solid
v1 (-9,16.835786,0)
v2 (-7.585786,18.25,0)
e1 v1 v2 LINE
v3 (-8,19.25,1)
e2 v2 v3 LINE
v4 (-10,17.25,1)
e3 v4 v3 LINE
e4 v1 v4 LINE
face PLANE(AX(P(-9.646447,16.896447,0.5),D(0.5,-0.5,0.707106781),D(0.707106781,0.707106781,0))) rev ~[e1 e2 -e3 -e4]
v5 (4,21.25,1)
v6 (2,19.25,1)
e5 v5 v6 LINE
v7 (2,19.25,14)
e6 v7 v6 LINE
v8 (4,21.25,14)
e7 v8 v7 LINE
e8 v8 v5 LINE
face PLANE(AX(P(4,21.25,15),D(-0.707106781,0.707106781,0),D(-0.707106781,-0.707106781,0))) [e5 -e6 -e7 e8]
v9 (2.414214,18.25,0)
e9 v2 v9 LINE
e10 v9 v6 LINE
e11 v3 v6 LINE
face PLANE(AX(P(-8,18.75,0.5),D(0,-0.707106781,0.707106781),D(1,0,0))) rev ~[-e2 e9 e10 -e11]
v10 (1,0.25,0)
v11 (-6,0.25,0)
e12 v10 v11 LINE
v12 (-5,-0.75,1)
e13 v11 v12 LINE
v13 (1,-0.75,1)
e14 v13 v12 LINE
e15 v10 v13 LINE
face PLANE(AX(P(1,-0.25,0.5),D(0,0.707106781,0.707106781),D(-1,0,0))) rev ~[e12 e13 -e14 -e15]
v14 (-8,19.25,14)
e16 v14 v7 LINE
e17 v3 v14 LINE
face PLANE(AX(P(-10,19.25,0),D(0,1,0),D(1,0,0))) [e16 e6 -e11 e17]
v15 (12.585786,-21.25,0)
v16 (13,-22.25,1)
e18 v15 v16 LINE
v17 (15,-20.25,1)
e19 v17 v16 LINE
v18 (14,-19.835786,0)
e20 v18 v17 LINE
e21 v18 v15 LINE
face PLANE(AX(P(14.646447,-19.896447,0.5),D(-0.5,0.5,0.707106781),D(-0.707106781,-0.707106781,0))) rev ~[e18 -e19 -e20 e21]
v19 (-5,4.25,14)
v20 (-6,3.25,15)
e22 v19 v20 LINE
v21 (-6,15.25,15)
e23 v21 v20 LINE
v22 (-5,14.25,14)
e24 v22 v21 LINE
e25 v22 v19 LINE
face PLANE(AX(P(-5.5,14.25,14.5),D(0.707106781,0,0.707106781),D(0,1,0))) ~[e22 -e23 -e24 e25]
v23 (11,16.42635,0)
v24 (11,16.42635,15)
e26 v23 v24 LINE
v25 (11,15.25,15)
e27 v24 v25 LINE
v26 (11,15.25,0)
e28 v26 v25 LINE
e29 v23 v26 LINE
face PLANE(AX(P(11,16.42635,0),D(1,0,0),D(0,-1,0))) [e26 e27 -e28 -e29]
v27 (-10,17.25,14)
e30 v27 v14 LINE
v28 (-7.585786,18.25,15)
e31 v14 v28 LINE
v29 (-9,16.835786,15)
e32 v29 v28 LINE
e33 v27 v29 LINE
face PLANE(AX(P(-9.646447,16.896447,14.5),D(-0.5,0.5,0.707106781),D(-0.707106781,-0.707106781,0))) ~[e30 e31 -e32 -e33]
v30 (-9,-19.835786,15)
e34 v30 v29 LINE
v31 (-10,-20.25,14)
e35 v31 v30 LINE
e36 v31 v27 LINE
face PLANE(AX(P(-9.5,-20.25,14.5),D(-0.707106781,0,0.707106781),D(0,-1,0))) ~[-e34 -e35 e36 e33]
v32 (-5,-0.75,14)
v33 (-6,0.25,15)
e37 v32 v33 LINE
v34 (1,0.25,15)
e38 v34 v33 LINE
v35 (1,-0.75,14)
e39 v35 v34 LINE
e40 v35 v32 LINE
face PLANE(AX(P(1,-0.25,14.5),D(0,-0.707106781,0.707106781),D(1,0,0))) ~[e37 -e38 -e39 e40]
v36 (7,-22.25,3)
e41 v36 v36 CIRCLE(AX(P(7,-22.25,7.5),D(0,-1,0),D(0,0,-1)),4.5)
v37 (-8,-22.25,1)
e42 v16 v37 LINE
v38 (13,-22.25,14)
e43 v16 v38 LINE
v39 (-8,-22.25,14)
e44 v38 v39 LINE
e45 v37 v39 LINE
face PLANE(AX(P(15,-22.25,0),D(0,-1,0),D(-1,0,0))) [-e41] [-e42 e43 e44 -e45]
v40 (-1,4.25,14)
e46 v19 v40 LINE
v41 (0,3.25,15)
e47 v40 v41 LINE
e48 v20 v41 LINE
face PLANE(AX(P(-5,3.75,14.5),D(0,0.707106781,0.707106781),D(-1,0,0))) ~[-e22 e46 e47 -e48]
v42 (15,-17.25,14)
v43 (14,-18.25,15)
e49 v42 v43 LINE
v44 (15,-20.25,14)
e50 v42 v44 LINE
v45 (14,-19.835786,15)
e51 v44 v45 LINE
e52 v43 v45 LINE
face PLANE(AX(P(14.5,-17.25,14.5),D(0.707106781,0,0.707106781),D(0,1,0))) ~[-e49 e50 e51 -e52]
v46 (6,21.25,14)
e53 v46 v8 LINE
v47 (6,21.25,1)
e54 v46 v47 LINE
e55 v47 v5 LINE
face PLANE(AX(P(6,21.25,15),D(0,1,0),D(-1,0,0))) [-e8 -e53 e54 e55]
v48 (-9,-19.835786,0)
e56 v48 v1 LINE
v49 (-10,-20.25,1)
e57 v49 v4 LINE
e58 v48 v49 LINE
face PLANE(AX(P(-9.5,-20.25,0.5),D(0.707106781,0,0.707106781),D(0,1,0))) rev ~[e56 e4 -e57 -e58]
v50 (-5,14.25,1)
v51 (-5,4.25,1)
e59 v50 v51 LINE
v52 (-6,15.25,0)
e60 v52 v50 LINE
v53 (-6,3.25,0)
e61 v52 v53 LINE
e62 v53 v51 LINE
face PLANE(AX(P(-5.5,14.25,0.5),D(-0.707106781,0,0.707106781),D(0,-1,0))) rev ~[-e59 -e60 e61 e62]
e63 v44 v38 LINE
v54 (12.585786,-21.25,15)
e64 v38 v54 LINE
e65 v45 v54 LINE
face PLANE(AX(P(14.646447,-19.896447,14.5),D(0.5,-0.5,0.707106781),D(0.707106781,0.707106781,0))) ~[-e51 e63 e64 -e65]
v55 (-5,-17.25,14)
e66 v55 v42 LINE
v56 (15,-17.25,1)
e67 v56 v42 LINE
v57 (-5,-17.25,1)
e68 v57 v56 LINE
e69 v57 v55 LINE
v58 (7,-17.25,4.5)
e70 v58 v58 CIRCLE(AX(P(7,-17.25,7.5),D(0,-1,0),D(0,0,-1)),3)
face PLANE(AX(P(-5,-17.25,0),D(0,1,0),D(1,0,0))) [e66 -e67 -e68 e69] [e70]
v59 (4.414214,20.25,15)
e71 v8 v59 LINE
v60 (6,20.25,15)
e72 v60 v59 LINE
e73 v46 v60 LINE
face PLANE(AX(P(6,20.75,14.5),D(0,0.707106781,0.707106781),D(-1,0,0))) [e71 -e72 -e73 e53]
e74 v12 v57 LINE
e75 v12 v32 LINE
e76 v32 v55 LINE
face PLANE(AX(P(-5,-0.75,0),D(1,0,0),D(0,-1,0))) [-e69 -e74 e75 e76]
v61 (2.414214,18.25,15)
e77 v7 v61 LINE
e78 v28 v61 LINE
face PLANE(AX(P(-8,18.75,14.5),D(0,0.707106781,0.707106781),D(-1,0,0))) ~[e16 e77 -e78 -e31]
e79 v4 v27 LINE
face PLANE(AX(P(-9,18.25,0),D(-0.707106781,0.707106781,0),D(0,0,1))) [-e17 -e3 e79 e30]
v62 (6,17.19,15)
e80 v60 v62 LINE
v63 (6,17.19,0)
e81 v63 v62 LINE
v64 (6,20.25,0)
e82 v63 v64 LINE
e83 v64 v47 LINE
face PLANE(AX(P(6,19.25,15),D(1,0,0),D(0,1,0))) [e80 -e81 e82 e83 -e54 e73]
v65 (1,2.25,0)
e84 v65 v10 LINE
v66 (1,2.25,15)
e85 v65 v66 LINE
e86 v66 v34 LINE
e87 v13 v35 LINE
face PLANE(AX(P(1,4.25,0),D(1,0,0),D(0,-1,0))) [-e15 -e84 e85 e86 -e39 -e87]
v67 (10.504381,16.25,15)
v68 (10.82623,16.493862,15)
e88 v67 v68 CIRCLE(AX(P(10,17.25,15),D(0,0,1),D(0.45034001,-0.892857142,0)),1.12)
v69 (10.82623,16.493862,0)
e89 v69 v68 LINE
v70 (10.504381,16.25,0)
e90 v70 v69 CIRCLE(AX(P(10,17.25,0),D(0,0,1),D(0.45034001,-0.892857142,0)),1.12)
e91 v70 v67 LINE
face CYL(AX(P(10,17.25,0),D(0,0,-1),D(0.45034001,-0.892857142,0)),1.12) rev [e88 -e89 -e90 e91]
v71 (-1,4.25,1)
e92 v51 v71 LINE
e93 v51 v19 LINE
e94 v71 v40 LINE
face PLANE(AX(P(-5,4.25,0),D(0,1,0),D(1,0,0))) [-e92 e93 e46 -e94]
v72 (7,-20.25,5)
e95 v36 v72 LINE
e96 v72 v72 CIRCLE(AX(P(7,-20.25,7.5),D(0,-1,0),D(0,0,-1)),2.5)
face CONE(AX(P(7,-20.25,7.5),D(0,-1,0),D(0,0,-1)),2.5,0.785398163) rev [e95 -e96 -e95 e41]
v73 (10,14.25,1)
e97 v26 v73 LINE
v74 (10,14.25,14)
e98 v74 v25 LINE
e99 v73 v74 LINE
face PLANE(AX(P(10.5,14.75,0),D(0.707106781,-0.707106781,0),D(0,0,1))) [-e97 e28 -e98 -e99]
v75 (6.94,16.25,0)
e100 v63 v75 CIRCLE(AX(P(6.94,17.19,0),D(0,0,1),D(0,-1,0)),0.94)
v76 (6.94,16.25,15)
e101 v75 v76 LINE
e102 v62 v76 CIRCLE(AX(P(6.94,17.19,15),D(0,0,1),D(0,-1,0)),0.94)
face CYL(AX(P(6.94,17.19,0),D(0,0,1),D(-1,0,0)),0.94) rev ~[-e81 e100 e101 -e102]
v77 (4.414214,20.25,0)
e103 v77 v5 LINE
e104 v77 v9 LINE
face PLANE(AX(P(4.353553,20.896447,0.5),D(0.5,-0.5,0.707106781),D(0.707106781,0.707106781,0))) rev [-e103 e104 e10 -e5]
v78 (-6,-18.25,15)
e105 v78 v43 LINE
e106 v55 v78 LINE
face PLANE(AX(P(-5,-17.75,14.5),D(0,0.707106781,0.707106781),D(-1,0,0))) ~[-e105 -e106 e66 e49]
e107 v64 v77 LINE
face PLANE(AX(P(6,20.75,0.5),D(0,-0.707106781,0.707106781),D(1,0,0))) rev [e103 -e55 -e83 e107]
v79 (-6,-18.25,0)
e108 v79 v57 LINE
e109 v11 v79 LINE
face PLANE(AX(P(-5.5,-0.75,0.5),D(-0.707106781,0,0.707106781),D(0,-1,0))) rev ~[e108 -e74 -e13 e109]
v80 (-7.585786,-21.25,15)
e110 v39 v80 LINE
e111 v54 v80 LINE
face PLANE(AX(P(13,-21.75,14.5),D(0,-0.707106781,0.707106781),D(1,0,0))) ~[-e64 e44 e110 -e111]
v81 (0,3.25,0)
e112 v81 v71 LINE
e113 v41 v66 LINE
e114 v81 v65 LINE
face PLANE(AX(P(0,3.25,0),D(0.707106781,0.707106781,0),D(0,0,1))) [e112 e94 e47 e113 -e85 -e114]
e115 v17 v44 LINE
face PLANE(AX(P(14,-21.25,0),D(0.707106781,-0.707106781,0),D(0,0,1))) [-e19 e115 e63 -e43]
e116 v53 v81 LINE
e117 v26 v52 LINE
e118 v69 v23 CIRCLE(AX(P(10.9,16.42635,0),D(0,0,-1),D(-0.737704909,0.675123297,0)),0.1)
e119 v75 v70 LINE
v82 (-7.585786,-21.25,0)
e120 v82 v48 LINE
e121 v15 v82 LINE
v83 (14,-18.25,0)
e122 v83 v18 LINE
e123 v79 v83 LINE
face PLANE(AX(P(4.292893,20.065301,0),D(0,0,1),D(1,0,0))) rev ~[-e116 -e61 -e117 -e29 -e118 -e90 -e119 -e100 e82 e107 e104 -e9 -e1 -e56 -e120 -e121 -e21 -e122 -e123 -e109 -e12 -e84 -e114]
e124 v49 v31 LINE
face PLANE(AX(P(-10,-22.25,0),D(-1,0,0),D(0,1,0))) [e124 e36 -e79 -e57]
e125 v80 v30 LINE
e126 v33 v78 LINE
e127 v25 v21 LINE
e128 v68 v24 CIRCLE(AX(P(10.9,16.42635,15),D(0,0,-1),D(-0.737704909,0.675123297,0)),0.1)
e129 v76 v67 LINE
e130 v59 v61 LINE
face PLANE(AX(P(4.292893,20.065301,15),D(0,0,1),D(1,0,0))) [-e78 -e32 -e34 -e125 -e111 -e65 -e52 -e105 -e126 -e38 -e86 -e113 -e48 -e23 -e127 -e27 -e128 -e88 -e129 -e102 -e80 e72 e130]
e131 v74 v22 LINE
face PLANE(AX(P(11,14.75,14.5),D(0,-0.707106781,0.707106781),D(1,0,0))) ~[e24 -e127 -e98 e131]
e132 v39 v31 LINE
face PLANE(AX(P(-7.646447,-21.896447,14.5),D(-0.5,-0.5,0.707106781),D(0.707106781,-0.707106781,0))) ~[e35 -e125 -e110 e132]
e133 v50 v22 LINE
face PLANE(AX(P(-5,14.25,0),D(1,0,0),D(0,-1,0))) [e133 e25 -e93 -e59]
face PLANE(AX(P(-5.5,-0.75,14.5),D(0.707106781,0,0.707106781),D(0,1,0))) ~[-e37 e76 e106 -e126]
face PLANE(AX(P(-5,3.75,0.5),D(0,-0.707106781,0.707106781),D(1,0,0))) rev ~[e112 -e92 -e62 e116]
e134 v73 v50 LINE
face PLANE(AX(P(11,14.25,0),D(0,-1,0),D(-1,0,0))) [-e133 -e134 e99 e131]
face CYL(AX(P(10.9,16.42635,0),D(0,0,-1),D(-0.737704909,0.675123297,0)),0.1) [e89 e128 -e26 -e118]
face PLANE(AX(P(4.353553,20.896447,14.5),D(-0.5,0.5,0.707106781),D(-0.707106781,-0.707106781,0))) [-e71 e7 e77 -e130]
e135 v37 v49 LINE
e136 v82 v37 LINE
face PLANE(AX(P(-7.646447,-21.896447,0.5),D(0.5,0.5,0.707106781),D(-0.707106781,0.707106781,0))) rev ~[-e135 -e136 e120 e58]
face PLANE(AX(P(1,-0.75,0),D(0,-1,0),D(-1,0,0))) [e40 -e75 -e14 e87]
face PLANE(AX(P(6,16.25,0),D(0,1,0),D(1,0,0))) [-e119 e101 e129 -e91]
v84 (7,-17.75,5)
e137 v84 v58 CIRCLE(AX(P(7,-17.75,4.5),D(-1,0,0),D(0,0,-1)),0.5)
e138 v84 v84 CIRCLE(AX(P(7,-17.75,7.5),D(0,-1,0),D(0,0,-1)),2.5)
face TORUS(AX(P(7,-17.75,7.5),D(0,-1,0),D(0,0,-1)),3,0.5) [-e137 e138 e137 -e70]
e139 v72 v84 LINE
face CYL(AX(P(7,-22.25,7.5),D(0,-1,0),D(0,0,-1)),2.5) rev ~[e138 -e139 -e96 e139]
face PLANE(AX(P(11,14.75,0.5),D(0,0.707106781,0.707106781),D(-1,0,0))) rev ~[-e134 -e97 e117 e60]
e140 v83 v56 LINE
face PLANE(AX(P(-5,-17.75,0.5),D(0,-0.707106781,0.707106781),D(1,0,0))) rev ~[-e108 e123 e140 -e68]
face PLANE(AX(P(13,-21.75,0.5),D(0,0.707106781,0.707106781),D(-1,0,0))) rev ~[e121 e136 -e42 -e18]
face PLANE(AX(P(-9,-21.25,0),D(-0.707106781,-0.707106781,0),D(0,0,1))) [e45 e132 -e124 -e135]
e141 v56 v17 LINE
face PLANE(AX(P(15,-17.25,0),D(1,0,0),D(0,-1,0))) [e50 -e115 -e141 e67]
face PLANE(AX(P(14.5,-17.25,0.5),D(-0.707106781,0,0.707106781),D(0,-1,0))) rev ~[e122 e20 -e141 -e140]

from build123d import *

# Parameters (mm, degrees)
RESSALTO_EXTRUS_O1_DEPTH = 15
ESBO_O3_R                = 2.5
CORTE_EXTRUS_O1_DEPTH    = 15
CHANFRO1_SIZE            = 2
FILETE1_R                = 0.5
FILETE2_R                = 0.94
RESSALTO_EXTRUS_O3_DEPTH = 15
CHANFRO5_SIZE            = 2
CHANFRO4_SIZE            = 1


with BuildPart() as part:
    # Esboço1 → Ressalto-extrusão1 (new body)
    with BuildSketch(Plane.XY):
        with BuildLine():
            Line((11, 14.25), (-5, 14.25))
            Line((-5, 14.25), (-5, 4.25))
            Line((-5, 4.25), (1, 4.25))
            Line((1, 4.25), (1, -0.75))
            Line((1, -0.75), (-5, -0.75))
            Line((-5, -0.75), (-5, -17.25))
            Line((-5, -17.25), (15, -17.25))
            Line((15, -17.25), (15, -22.25))
            Line((15, -22.25), (-10, -22.25))
            Line((-10, -22.25), (-10, 19.25))
            Line((-10, 19.25), (6, 19.25))
            Line((6, 19.25), (6, 16.25))
            Line((6, 16.25), (10.504380809, 16.25))
            ThreePointArc((10.504380809, 16.25), (10.676386068, 16.357306387), (10.826229508, 16.493861918))
            ThreePointArc((10.826229508, 16.493861918), (10.936214298, 16.519561844), (11, 16.426349589))
            Line((11, 16.426349589), (11, 16.25))
            Line((11, 16.25), (11, 14.25))
        make_face()
    extrude(amount=RESSALTO_EXTRUS_O1_DEPTH)

    # Esboço3 → Corte-extrusão1 (cut)
    with BuildSketch(Plane.XZ.offset(22.25)):
        with Locations(Location((7, 7.5, 0), (0, 0, 270))):
            Circle(ESBO_O3_R)
    extrude(amount=-CORTE_EXTRUS_O1_DEPTH, mode=Mode.SUBTRACT)

    # Chanfro1
    chanfro1_edges = [part.edges().sort_by_distance(p)[0] for p in [
        (7, -22.25, 10),
    ]]
    chamfer(chanfro1_edges, length=CHANFRO1_SIZE)

    # Filete1
    filete1_edges = [part.edges().sort_by_distance(p)[0] for p in [
        (7, -17.25, 10),
    ]]
    fillet(filete1_edges, radius=FILETE1_R)

    # Filete2
    filete2_edges = [part.edges().sort_by_distance(p)[0] for p in [
        (6, 16.25, 7.5),
    ]]
    fillet(filete2_edges, radius=FILETE2_R)

    # Esboço5 → Ressalto-extrusão3 (add)
    with BuildSketch(Plane.XY.offset(15)):
        Polygon((6, 19.25), (6, 21.25), (4, 21.25), (2, 19.25), align=None)
    extrude(amount=-RESSALTO_EXTRUS_O3_DEPTH)

    # Chanfro5
    chanfro5_edges = [part.edges().sort_by_distance(p)[0] for p in [
        (15, -22.25, 7.5),
        (-10, -22.25, 7.5),
        (-10, 19.25, 7.5),
        (1, 4.25, 7.5),
    ]]
    chamfer(chanfro5_edges, length=CHANFRO5_SIZE)

    # Chanfro4
    chanfro4_edges = [part.edges().sort_by_distance(p)[0] for p in [
        (-5, 9.25, 15),
        (-2, -0.75, 0),
        (3, 14.25, 15),
        (-5, -9, 0),
        (5, -17.25, 0),
        (3, 14.25, 0),
        (-5, 9.25, 0),
        (11, 14.25, 7.5),
        (5, -17.25, 15),
        (-5, -9, 15),
        (-2, -0.75, 15),
        (-3, 19.25, 0),
        (-3, 19.25, 15),
        (5, 21.25, 15),
        (3, 20.25, 15),
        (3, 20.25, 0),
        (5, 21.25, 0),
        (-3, 4.25, 0),
        (-3, 4.25, 15),
        (15, -18.75, 0),
        (2.5, -22.25, 0),
        (-10, -1.5, 0),
        (-9, 18.25, 0),
        (-9, -21.25, 0),
        (14, -21.25, 0),
        (-10, -1.5, 15),
        (2.5, -22.25, 15),
        (15, -18.75, 15),
        (-9, 18.25, 15),
        (-9, -21.25, 15),
        (14, -21.25, 15),
    ]]
    chamfer(chanfro4_edges, length=CHANFRO4_SIZE)


solid = part.part
